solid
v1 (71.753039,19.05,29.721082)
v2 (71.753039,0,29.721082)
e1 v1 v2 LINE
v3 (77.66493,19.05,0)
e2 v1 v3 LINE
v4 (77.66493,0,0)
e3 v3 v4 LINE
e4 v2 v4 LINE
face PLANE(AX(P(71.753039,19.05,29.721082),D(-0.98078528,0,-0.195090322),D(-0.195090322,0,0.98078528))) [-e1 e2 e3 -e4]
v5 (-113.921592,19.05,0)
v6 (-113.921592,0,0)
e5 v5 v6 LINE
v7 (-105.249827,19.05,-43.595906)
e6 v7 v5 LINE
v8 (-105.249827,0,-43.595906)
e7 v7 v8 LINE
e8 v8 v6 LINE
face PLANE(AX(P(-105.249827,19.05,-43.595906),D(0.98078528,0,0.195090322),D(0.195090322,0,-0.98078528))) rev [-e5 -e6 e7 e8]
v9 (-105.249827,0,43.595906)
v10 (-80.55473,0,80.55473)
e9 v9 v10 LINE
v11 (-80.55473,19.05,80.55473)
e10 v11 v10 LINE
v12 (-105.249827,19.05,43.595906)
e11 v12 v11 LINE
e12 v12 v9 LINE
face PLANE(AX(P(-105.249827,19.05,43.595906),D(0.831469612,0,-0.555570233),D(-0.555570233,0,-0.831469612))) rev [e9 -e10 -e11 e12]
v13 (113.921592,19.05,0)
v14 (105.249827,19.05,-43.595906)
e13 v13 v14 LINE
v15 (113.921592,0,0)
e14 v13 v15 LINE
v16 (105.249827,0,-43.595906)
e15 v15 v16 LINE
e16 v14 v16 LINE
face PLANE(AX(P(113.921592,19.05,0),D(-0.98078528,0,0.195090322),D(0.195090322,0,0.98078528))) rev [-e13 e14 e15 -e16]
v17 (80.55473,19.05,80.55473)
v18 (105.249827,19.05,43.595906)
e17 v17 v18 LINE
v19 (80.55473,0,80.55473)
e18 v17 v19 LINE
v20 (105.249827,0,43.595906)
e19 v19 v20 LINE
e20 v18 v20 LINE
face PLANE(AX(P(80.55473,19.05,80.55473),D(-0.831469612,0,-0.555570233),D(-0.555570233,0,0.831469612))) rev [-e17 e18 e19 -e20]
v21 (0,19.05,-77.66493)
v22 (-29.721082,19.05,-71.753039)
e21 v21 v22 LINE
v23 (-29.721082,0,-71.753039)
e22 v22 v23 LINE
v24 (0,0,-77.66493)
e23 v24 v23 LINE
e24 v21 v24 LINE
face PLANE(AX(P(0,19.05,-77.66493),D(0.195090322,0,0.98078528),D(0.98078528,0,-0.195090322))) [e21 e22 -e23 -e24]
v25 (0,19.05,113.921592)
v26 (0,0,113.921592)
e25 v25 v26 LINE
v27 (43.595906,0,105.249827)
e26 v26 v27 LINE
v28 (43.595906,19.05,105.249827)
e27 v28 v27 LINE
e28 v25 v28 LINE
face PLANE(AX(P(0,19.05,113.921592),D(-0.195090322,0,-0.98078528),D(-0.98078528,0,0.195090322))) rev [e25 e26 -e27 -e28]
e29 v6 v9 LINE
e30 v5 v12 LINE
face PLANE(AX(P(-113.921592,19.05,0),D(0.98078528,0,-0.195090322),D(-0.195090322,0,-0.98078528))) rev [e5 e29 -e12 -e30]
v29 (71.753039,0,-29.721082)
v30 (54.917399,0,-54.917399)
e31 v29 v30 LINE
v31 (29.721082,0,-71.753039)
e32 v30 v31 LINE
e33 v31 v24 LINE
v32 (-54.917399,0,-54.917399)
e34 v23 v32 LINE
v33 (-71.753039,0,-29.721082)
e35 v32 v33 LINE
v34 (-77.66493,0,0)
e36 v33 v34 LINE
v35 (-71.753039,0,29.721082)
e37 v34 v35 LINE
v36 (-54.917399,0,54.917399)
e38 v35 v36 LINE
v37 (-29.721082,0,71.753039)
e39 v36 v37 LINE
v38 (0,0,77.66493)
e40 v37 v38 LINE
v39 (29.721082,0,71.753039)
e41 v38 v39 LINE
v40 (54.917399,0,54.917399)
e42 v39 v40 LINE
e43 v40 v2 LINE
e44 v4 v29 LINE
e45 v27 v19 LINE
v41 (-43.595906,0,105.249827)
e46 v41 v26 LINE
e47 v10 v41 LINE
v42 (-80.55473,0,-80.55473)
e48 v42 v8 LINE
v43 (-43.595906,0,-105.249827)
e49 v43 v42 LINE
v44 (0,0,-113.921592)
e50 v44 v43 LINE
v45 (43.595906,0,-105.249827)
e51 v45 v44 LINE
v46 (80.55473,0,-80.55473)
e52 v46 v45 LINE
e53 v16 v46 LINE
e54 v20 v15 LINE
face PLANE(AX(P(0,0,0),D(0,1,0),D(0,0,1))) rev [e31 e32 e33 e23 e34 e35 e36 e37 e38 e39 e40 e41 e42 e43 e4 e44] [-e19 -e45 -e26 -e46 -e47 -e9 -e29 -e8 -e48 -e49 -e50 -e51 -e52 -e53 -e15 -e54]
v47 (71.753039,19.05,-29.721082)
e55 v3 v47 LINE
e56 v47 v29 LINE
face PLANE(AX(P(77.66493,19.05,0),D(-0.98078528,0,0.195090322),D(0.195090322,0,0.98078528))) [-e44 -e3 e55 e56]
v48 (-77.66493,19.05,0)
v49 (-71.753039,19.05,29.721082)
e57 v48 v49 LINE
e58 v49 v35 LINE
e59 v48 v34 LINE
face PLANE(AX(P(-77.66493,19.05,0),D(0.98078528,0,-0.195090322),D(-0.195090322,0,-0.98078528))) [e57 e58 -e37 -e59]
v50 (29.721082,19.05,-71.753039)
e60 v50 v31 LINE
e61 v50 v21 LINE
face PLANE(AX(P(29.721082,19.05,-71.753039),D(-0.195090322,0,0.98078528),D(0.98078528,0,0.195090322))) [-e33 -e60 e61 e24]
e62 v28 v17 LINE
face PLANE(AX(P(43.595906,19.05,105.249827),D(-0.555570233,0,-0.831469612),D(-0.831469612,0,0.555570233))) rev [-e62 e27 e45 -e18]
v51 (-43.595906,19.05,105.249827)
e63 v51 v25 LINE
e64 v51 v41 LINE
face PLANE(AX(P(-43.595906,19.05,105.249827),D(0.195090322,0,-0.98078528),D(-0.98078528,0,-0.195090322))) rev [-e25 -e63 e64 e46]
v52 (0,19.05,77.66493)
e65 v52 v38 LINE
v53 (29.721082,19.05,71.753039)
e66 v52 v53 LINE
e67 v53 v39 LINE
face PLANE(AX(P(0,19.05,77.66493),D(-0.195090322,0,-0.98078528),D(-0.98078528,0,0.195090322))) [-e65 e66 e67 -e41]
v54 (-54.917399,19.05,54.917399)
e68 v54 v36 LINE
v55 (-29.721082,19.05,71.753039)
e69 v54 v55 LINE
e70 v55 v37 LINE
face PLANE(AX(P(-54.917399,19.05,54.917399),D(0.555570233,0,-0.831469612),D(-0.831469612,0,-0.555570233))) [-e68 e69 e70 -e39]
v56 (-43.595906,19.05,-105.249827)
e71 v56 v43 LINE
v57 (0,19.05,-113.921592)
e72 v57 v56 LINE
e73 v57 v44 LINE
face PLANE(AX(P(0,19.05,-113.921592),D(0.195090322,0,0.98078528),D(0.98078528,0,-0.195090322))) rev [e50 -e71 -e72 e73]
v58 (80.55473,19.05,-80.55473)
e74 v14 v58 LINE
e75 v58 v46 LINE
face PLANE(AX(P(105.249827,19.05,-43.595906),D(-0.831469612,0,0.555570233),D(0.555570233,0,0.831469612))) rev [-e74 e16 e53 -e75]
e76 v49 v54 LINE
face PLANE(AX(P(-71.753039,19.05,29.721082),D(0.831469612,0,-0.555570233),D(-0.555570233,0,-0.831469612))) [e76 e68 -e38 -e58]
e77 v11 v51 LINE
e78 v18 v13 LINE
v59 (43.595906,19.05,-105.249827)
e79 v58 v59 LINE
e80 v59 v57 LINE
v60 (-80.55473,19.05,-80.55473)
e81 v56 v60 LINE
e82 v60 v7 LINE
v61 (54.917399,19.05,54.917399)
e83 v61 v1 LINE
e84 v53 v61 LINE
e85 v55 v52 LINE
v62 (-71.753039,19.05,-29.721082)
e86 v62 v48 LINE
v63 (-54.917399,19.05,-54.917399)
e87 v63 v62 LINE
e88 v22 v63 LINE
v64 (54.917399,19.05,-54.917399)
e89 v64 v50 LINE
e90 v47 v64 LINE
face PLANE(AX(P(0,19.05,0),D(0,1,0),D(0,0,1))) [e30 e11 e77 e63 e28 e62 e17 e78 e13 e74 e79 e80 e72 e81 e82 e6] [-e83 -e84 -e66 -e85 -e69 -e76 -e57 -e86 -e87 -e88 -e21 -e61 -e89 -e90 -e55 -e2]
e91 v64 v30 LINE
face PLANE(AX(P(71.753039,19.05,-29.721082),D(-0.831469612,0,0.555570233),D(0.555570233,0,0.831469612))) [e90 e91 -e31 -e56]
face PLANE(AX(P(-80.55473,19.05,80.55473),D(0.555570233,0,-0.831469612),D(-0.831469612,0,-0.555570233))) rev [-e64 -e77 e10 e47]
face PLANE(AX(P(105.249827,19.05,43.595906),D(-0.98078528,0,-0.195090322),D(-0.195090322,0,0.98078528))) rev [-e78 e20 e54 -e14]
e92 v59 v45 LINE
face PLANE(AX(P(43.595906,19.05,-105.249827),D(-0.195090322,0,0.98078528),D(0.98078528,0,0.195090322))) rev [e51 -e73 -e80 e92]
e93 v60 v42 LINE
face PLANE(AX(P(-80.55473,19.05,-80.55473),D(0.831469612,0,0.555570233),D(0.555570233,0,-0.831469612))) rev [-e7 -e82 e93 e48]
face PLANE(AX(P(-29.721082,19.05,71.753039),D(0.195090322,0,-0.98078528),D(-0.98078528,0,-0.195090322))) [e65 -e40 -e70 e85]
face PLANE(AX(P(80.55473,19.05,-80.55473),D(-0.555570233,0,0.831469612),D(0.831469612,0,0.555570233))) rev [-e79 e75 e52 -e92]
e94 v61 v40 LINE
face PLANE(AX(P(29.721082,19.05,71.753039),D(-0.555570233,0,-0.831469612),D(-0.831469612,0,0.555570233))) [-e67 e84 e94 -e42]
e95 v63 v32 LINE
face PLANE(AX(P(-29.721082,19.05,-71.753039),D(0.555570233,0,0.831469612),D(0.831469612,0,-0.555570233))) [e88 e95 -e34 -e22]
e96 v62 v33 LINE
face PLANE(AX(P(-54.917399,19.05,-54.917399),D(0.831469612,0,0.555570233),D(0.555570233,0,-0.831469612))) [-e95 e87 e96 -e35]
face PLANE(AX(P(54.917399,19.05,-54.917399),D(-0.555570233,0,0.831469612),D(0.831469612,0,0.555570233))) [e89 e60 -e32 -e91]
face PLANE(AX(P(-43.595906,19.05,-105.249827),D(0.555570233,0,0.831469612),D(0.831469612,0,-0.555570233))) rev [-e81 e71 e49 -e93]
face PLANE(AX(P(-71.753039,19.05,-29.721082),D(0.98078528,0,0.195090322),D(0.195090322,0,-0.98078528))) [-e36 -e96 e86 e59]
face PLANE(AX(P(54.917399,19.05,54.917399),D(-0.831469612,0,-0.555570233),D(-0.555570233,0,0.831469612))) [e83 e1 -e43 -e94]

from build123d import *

# Parameters (mm, degrees)
BOSS_EXTRUDE1_DEPTH = 19.05


with BuildPart() as part:
    # Sketch1 → Boss-Extrude1 (new body)
    with BuildSketch(Plane(origin=(0, 0, 0), x_dir=(1, 0, 0), z_dir=(0, 1, 0))):
        Polygon((113.921591652, 0), (105.249826838, 43.595905714), (80.554729981, 80.554729981), (43.595905714, 105.249826838), (0, 113.921591652), (-43.595905714, 105.249826838), (-80.554729981, 80.554729981), (-105.249826838, 43.595905714), (-113.921591652, 0), (-105.249826838, -43.595905714), (-80.554729981, -80.554729981), (-43.595905714, -105.249826838), (0, -113.921591652), (43.595905714, -105.249826838), (80.554729981, -80.554729981), (105.249826838, -43.595905714), align=None)
        Polygon((77.664930066, 0), (71.753039282, 29.721082012), (54.91739871, 54.91739871), (29.721082012, 71.753039282), (0, 77.664930066), (-29.721082012, 71.753039282), (-54.91739871, 54.91739871), (-71.753039282, 29.721082012), (-77.664930066, 0), (-71.753039282, -29.721082012), (-54.91739871, -54.91739871), (-29.721082012, -71.753039282), (0, -77.664930066), (29.721082012, -71.753039282), (54.91739871, -54.91739871), (71.753039282, -29.721082012), align=None, mode=Mode.SUBTRACT)
    extrude(amount=BOSS_EXTRUDE1_DEPTH)


solid = part.part
